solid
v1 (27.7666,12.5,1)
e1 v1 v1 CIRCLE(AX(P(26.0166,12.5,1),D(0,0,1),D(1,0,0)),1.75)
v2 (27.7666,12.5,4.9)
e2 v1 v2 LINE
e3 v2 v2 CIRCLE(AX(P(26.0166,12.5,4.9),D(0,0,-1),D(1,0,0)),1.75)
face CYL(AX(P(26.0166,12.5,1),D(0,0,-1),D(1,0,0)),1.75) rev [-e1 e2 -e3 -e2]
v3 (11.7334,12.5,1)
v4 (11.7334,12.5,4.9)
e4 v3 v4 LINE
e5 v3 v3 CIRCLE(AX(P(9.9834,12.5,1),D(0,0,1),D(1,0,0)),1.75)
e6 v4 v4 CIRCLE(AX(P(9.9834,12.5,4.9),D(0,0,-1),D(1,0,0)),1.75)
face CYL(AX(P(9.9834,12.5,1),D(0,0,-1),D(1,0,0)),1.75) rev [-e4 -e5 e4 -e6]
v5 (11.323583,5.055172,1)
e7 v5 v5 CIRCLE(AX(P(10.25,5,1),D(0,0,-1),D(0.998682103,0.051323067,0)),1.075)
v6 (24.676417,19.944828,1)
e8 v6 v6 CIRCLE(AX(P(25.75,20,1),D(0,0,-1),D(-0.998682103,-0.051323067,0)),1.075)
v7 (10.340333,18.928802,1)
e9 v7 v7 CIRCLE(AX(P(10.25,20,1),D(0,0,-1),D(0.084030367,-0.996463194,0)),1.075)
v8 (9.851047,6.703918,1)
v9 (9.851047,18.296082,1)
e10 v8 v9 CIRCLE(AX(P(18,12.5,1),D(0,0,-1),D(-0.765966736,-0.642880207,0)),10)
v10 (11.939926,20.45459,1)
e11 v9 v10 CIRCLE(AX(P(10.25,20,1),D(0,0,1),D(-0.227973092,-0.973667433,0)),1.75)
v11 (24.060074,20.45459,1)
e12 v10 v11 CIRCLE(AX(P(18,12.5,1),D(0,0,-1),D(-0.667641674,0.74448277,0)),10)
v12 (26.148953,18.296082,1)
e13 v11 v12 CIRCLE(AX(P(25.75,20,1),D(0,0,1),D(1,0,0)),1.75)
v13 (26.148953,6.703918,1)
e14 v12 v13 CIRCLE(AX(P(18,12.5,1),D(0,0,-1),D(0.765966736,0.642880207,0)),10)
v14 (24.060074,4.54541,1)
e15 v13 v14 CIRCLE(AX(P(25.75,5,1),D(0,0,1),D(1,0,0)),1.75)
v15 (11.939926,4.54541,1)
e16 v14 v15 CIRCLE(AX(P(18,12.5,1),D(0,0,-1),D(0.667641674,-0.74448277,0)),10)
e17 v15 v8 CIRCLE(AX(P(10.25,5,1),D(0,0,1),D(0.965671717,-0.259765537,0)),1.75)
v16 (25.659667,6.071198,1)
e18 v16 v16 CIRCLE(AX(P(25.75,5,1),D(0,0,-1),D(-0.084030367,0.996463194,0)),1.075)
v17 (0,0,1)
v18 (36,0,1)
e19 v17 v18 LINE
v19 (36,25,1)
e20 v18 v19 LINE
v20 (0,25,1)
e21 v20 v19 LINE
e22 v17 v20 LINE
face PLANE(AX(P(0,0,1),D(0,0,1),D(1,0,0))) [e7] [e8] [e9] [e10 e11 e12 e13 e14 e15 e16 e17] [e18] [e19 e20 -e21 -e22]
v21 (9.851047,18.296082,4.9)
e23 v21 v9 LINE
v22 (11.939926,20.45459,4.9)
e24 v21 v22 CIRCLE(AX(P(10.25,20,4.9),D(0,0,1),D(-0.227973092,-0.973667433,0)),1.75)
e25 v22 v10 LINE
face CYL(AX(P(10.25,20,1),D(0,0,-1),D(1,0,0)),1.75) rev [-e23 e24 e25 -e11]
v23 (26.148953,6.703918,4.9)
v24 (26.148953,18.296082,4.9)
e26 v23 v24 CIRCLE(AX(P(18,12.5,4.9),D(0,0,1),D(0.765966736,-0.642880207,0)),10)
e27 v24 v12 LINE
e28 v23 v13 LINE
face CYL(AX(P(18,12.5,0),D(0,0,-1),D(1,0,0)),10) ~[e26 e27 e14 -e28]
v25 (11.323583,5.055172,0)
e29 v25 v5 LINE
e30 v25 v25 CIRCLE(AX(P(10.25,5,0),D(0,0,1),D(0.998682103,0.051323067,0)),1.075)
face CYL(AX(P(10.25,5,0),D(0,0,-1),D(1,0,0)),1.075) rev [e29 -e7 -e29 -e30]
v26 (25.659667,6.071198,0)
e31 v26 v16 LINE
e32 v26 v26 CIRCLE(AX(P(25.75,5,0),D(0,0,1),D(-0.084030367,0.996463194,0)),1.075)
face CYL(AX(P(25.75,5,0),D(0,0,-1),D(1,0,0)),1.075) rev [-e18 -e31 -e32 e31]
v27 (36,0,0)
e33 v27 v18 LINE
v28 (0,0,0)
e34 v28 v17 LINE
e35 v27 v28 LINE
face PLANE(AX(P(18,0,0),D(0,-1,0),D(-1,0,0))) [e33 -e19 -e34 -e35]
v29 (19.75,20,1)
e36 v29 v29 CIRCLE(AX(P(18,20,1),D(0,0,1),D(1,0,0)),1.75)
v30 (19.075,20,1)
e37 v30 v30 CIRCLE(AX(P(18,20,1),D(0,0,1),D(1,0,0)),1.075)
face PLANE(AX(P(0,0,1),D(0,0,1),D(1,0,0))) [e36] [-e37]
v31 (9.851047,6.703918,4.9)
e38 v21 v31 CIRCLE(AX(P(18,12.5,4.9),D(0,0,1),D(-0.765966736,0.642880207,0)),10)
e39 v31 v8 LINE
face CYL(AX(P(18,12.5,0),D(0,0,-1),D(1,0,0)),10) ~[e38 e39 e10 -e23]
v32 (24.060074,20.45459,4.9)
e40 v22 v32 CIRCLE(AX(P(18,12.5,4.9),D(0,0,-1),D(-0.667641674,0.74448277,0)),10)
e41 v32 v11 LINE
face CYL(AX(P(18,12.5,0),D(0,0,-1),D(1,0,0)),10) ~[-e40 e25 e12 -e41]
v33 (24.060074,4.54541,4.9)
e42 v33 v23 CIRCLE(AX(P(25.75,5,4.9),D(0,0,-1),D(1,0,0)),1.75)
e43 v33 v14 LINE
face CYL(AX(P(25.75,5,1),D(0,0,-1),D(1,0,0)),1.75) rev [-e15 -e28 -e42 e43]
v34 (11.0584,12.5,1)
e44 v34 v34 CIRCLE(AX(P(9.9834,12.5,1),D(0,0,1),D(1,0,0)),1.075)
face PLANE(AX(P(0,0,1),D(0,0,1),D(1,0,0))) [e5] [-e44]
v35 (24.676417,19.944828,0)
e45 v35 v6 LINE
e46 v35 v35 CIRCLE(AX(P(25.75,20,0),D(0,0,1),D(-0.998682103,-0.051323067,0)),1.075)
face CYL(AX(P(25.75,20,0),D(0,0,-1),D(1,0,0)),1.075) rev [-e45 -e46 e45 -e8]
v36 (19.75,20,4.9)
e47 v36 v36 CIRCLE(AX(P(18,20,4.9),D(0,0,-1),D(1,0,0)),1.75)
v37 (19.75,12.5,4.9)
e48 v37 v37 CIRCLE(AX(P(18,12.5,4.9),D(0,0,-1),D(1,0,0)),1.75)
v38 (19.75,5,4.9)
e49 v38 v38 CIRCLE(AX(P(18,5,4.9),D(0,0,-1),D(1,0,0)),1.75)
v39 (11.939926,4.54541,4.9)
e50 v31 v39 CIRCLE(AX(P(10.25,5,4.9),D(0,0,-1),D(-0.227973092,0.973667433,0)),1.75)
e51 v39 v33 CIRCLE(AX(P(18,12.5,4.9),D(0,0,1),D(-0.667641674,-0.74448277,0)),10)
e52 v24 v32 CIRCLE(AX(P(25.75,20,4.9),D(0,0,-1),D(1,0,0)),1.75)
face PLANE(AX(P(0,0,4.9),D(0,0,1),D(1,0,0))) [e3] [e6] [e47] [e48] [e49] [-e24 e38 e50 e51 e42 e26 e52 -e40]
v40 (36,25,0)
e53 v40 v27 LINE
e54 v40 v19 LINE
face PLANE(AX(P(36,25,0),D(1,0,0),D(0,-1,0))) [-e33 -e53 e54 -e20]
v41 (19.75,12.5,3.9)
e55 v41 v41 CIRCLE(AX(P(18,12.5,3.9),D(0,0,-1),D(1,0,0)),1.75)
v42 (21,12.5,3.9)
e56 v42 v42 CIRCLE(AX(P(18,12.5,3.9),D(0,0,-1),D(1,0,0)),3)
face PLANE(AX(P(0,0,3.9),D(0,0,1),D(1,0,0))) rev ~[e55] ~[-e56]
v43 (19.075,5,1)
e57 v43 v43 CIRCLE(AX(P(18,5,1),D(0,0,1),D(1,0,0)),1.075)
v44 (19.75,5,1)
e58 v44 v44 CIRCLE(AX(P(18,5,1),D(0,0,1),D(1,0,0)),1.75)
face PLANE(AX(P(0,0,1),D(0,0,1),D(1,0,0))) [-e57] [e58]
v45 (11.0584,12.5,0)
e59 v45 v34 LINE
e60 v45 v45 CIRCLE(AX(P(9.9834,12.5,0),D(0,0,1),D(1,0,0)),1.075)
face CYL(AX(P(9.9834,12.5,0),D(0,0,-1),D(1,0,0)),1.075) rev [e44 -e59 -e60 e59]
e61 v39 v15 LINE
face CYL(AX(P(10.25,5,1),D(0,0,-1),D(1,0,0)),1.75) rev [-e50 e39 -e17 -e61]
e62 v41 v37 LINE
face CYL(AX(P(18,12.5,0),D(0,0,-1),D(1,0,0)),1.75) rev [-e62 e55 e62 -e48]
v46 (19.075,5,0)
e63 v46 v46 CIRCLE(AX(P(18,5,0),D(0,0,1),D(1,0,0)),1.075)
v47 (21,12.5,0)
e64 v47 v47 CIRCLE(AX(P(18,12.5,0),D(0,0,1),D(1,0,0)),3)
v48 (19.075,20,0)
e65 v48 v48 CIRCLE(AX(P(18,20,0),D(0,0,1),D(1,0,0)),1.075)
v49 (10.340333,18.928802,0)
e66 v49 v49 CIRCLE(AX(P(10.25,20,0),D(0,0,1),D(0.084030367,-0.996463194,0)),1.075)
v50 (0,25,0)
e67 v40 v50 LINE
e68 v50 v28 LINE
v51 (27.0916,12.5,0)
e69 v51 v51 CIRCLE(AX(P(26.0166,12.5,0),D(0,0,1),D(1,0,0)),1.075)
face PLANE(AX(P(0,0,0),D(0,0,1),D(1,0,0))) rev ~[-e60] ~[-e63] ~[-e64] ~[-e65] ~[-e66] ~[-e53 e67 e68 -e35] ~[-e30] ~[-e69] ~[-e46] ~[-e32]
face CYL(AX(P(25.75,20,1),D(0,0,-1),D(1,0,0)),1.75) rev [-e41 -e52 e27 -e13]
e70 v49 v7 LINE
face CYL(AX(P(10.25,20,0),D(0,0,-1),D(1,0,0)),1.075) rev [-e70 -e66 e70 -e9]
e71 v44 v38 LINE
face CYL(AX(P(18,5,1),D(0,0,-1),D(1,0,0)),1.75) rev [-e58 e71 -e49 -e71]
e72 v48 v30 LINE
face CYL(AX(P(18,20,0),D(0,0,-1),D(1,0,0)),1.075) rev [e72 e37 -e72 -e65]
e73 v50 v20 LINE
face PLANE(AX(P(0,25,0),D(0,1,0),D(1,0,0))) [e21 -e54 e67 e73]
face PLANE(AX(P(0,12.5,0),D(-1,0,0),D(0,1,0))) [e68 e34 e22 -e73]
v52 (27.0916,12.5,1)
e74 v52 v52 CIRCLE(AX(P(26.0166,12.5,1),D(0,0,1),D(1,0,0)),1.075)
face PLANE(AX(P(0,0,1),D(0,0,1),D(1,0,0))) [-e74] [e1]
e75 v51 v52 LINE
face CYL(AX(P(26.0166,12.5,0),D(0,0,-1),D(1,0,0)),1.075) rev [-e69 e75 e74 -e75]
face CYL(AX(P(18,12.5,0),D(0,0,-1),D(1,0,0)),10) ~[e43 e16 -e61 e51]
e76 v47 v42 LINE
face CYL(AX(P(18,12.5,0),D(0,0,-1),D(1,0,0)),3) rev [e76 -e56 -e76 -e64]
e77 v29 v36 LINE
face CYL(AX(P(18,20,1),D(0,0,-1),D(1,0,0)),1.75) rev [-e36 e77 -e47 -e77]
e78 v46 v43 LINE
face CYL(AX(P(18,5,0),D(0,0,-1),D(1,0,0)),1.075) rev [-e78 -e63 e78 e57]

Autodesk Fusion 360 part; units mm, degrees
sketch "Esquisse1" plane through (0, 0, 0) normal (0, 0, 1) x (1, 0, 0)
  line L0 (0, 25) -> (36, 25)
  line L1 (36, 25) -> (36, 0)
  line L2 (36, 0) -> (0, 0)
  line L3 (0, 0) -> (0, 25)
  line L4 (18, -4.4176) -> (18, 55.8936)
  circle A0 centre (10.25, 20) radius 1.075
  circle A1 centre (18, 20) radius 1.075
  line L5 (-6.2165, 12.5) -> (42, 12.5)
  circle A2 centre (9.9834, 12.5) radius 1.075
  circle A3 centre (25.75, 20) radius 1.075
  circle A4 centre (18, 20) radius 1.075
  circle A5 centre (26.0166, 12.5) radius 1.075
  circle A6 centre (10.25, 5) radius 1.075
  circle A7 centre (18, 5) radius 1.075
  circle A8 centre (25.75, 5) radius 1.075
  circle A9 centre (18, 12.5) radius 10
  circle A10 centre (18, 12.5) radius 1.75
  circle A11 centre (25.75, 20) radius 1.75
  circle A12 centre (18, 20) radius 1.75
  circle A13 centre (26.0166, 12.5) radius 1.75
  circle A14 centre (25.75, 5) radius 1.75
  circle A15 centre (18, 5) radius 1.75
  circle A16 centre (26.0166, 12.5) radius 1.75
  circle A17 centre (10.25, 20) radius 1.75
  circle A18 centre (9.9834, 12.5) radius 1.75
  circle A19 centre (10.25, 5) radius 1.75
  circle A20 centre (18, 12.5) radius 3
  point P0 (18, 12.5)
  dimension "d1" = 36
  dimension "d2" = 25
  dimension "d3" = 12.5
  dimension "d4" = 18
  dimension "d5" = 2.15
  dimension "d6" = 2.15
  dimension "d7" = 7.75
  dimension "d10" = 2.15
  dimension "d11" = 7.5
  dimension "d12" = 5
  dimension "d13" = 5
  dimension "d16" = 20
  dimension "d21" = 3.5
  dimension "d26" = 3.5
  dimension "d27" = 3.5
  dimension "d28" = 3.5
  dimension "d32" = 6
extrude "Extrusion4" add sketch "Esquisse1" along normal blind 1 contours L0 L3 L4 L5 A9 A17 | L0 L1 L4 L5 A9 A11 | L2 L3 L4 L5 A9 A19 | L1 L2 L4 L5 A9 A14 | A3 A9 A11 | A0 A9 A17 | A6 A9 A19 | A8 A9 A14 picked at (24.3887, 20.4618) picked at (11.6014, 20.4841) picked at (11.6014, 4.5159) picked at (24.3887, 4.5382)
extrude "Extrusion5" add sketch "Esquisse1" along normal blind 4.9 contours L4 L5 A9 A11 A12 A13 A16 A20 | L4 L5 A9 A12 A17 A18 A20 | L4 L5 A9 A15 A18 A19 A20 | L4 A1 A4 A12 | L4 A1 A4 A12 | A3 A9 A11 | A0 A9 A17 | L5 A2 A18 | L5 A2 A18 | A6 A9 A19 | L4 L5 A9 A13 A14 A15 A16 A20 | L5 A5 A13 A16 | L5 A5 A13 A16 | A8 A9 A14 | L4 L5 A10 A20 | L4 L5 A10 A20 | L4 A7 A15 | L4 A7 A15 | L4 L5 A10 A20 | L4 L5 A10 A20 picked at (25.5724, 18.6548) picked at (10.4124, 18.6517) picked at (10.4124, 6.3483) picked at (24.3997, 5.1334)
extrude "Extrusion6" cut sketch "Esquisse1" along normal blind 5 from surface at 1 contours L4 A1 A4 A12 | L4 A1 A4 A12 | A3 A9 A11 | A3 A9 A11 | A0 A9 A17 | A0 A9 A17 | L5 A2 A18 | L5 A2 A18 | A6 A9 A19 | A6 A9 A19 | L5 A5 A13 A16 | L5 A5 A13 A16 | A8 A9 A14 | A8 A9 A14 | L4 A7 A15 | L4 A7 A15
extrude "Extrusion8" cut sketch "Esquisse1" along normal blind 3.9 contours L4 L5 A10 A20 | L4 L5 A10 A20 | L4 L5 A10 A20 | L4 L5 A10 A20
extrude "Extrusion7" [suppressed]
